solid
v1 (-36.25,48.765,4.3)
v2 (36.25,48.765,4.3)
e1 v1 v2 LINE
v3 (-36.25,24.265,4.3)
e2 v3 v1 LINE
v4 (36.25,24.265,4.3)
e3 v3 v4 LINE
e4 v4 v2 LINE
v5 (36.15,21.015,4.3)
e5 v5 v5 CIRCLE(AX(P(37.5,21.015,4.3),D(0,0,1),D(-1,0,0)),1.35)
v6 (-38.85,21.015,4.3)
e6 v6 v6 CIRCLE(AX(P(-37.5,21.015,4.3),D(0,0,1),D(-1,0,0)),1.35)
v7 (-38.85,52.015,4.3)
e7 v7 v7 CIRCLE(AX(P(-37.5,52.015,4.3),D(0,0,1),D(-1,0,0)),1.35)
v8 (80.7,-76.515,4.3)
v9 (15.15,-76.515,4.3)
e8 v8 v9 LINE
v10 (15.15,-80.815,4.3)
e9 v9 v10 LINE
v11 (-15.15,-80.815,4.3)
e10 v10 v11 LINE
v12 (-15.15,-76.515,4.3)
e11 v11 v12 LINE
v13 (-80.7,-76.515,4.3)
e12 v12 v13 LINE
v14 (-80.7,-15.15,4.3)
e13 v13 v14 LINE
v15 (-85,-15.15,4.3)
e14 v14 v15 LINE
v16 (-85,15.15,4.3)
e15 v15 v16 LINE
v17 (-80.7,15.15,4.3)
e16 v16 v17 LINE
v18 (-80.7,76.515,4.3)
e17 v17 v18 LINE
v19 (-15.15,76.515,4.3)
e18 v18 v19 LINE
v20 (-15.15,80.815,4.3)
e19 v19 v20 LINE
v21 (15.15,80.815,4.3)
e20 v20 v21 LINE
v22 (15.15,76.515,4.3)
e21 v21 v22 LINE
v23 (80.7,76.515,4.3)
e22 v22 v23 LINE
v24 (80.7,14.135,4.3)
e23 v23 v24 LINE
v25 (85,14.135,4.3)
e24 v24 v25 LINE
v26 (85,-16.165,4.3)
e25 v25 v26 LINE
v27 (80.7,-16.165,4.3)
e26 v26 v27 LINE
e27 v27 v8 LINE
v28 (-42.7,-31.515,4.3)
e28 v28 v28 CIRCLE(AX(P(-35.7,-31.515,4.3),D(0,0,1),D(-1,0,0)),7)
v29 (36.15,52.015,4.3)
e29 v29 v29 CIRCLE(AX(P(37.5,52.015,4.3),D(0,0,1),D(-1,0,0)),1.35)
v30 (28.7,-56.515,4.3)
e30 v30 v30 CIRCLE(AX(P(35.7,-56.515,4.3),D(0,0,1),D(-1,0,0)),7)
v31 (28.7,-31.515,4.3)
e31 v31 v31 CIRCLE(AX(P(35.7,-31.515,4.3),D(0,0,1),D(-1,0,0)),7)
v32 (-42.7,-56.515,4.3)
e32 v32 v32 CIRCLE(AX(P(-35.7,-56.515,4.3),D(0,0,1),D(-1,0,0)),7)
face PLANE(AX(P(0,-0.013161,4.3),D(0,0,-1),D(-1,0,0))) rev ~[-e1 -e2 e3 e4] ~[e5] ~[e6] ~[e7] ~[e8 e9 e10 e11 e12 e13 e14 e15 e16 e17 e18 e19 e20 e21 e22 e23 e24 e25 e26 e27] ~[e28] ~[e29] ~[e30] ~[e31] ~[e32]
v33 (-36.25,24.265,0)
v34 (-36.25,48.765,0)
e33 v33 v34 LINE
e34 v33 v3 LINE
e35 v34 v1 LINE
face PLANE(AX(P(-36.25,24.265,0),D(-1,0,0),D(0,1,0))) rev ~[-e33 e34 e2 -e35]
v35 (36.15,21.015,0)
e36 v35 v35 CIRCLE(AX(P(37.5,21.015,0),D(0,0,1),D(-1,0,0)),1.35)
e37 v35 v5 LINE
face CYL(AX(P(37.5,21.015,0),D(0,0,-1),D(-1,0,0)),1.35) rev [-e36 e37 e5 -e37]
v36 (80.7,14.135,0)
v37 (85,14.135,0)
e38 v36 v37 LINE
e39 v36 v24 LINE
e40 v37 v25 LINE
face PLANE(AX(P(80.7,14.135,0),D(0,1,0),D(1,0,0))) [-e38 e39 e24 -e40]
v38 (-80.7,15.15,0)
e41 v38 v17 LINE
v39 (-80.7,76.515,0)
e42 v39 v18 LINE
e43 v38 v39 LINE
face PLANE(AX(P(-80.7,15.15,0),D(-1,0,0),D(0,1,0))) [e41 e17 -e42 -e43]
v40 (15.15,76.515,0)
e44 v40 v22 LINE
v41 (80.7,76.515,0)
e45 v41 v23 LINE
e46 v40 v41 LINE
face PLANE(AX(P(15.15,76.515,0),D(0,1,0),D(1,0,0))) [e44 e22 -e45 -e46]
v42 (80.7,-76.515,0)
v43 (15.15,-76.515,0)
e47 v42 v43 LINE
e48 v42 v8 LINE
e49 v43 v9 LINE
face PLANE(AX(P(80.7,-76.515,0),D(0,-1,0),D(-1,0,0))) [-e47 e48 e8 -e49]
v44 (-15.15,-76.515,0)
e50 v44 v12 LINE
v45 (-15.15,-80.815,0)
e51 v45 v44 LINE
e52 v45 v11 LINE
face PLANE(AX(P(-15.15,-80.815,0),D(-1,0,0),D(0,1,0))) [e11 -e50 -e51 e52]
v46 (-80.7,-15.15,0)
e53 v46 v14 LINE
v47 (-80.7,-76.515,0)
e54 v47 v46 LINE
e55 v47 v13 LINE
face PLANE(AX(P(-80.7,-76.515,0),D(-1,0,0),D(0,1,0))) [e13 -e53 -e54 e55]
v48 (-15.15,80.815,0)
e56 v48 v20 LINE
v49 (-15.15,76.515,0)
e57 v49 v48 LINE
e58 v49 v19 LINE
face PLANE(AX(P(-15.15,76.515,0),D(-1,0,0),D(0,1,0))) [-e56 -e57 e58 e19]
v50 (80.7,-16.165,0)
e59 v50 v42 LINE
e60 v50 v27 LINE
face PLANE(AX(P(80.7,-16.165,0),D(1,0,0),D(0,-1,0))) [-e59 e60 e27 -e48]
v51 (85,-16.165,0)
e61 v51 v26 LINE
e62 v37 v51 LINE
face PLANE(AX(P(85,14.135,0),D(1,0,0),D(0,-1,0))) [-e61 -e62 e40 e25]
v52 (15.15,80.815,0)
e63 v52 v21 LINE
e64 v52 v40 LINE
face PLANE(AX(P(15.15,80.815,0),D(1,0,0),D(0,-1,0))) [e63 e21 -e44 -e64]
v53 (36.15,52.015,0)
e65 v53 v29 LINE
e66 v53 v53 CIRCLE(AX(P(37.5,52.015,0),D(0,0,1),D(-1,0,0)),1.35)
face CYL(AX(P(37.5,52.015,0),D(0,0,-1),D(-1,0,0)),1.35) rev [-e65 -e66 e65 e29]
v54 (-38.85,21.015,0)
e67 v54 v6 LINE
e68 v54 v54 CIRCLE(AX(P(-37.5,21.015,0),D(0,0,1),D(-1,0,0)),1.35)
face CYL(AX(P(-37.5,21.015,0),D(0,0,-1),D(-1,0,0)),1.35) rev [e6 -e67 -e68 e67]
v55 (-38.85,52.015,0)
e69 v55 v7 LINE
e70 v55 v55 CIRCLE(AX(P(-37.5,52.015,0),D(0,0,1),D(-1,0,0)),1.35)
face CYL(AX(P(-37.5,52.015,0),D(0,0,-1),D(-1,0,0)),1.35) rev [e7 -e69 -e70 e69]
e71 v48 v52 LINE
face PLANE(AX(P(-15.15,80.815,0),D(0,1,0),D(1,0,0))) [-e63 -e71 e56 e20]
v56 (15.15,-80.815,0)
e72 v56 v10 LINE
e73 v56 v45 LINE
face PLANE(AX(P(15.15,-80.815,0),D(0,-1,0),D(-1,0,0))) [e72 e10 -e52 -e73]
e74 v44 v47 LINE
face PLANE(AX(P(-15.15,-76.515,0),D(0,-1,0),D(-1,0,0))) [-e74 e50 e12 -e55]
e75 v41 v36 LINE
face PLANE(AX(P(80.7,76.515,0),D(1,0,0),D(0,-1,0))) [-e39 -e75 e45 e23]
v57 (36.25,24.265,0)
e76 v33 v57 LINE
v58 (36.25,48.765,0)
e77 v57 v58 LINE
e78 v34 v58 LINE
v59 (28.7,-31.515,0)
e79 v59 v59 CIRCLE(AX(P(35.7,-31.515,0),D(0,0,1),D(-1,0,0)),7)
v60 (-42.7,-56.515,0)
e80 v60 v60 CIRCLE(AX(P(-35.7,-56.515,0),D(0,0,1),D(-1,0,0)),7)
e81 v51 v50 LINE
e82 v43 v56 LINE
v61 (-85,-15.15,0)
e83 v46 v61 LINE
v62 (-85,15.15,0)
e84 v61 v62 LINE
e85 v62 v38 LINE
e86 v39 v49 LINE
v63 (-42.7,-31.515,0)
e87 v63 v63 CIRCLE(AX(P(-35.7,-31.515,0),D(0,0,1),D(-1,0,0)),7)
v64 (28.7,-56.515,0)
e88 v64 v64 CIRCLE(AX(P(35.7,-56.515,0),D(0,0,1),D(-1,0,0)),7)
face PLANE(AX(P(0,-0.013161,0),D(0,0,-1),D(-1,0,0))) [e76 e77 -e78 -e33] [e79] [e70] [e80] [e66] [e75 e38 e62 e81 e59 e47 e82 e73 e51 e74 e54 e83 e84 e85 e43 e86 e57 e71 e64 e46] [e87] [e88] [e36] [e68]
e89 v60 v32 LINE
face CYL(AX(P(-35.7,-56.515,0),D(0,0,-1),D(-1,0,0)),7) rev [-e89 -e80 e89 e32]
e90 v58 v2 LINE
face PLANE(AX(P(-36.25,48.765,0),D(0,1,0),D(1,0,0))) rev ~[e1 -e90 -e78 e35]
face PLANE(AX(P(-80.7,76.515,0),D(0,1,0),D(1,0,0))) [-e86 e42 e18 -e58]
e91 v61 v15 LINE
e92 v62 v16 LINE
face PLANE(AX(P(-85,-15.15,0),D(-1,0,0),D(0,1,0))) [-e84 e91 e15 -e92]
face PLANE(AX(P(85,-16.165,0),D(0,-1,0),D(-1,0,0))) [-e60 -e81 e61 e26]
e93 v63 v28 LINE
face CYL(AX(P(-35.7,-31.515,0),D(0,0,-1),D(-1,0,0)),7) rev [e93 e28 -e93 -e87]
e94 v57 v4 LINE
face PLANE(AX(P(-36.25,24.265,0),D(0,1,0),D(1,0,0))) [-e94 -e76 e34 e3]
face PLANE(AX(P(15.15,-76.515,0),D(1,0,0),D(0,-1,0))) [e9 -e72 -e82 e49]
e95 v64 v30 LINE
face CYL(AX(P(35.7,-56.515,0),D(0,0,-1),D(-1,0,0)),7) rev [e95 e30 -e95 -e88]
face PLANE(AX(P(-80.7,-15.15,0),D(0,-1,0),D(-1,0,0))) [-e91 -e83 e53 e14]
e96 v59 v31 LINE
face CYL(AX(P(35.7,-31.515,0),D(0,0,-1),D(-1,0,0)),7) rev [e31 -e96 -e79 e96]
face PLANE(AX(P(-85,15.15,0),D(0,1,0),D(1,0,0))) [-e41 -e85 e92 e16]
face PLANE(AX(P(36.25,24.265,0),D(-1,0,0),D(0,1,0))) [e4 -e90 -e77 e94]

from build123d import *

# Parameters (mm, degrees)
SKETCH1_R           = 7
SKETCH1_R_2         = 1.35
SKETCH1_W           = 72.5
SKETCH1_H           = 24.5
BOSS_EXTRUDE1_DEPTH = 4.3


with BuildPart() as part:
    # Sketch1 → Boss-Extrude1 (new body)
    with BuildSketch(Plane.XY):
        Polygon((15.15, 76.515), (80.7, 76.515), (80.7, 14.135), (85, 14.135), (85, -16.165), (80.7, -16.165), (80.7, -76.515), (15.15, -76.515), (15.15, -80.815), (-15.15, -80.815), (-15.15, -76.515), (-80.7, -76.515), (-80.7, -15.15), (-85, -15.15), (-85, 15.15), (-80.7, 15.15), (-80.7, 76.515), (-15.15, 76.515), (-15.15, 80.815), (15.15, 80.815), align=None)
        with Locations(Location((35.7, -31.515, 0), (0, 0, 180))):
            Circle(SKETCH1_R, mode=Mode.SUBTRACT)
        with Locations(Location((35.7, -56.515, 0), (0, 0, 180))):
            Circle(SKETCH1_R, mode=Mode.SUBTRACT)
        with Locations(Location((-35.7, -56.515, 0), (0, 0, 180))):
            Circle(SKETCH1_R, mode=Mode.SUBTRACT)
        with Locations(Location((-35.7, -31.515, 0), (0, 0, 180))):
            Circle(SKETCH1_R, mode=Mode.SUBTRACT)
        with Locations(Location((-37.5, 52.015, 0), (0, 0, 180))):
            Circle(SKETCH1_R_2, mode=Mode.SUBTRACT)
        with Locations(Location((-37.5, 21.015, 0), (0, 0, 180))):
            Circle(SKETCH1_R_2, mode=Mode.SUBTRACT)
        with Locations(Location((37.5, 21.015, 0), (0, 0, 180))):
            Circle(SKETCH1_R_2, mode=Mode.SUBTRACT)
        with Locations(Location((37.5, 52.015, 0), (0, 0, 180))):
            Circle(SKETCH1_R_2, mode=Mode.SUBTRACT)
        with Locations((0, 36.515)):
            Rectangle(SKETCH1_W, SKETCH1_H, mode=Mode.SUBTRACT)
    extrude(amount=BOSS_EXTRUDE1_DEPTH)


solid = part.part
